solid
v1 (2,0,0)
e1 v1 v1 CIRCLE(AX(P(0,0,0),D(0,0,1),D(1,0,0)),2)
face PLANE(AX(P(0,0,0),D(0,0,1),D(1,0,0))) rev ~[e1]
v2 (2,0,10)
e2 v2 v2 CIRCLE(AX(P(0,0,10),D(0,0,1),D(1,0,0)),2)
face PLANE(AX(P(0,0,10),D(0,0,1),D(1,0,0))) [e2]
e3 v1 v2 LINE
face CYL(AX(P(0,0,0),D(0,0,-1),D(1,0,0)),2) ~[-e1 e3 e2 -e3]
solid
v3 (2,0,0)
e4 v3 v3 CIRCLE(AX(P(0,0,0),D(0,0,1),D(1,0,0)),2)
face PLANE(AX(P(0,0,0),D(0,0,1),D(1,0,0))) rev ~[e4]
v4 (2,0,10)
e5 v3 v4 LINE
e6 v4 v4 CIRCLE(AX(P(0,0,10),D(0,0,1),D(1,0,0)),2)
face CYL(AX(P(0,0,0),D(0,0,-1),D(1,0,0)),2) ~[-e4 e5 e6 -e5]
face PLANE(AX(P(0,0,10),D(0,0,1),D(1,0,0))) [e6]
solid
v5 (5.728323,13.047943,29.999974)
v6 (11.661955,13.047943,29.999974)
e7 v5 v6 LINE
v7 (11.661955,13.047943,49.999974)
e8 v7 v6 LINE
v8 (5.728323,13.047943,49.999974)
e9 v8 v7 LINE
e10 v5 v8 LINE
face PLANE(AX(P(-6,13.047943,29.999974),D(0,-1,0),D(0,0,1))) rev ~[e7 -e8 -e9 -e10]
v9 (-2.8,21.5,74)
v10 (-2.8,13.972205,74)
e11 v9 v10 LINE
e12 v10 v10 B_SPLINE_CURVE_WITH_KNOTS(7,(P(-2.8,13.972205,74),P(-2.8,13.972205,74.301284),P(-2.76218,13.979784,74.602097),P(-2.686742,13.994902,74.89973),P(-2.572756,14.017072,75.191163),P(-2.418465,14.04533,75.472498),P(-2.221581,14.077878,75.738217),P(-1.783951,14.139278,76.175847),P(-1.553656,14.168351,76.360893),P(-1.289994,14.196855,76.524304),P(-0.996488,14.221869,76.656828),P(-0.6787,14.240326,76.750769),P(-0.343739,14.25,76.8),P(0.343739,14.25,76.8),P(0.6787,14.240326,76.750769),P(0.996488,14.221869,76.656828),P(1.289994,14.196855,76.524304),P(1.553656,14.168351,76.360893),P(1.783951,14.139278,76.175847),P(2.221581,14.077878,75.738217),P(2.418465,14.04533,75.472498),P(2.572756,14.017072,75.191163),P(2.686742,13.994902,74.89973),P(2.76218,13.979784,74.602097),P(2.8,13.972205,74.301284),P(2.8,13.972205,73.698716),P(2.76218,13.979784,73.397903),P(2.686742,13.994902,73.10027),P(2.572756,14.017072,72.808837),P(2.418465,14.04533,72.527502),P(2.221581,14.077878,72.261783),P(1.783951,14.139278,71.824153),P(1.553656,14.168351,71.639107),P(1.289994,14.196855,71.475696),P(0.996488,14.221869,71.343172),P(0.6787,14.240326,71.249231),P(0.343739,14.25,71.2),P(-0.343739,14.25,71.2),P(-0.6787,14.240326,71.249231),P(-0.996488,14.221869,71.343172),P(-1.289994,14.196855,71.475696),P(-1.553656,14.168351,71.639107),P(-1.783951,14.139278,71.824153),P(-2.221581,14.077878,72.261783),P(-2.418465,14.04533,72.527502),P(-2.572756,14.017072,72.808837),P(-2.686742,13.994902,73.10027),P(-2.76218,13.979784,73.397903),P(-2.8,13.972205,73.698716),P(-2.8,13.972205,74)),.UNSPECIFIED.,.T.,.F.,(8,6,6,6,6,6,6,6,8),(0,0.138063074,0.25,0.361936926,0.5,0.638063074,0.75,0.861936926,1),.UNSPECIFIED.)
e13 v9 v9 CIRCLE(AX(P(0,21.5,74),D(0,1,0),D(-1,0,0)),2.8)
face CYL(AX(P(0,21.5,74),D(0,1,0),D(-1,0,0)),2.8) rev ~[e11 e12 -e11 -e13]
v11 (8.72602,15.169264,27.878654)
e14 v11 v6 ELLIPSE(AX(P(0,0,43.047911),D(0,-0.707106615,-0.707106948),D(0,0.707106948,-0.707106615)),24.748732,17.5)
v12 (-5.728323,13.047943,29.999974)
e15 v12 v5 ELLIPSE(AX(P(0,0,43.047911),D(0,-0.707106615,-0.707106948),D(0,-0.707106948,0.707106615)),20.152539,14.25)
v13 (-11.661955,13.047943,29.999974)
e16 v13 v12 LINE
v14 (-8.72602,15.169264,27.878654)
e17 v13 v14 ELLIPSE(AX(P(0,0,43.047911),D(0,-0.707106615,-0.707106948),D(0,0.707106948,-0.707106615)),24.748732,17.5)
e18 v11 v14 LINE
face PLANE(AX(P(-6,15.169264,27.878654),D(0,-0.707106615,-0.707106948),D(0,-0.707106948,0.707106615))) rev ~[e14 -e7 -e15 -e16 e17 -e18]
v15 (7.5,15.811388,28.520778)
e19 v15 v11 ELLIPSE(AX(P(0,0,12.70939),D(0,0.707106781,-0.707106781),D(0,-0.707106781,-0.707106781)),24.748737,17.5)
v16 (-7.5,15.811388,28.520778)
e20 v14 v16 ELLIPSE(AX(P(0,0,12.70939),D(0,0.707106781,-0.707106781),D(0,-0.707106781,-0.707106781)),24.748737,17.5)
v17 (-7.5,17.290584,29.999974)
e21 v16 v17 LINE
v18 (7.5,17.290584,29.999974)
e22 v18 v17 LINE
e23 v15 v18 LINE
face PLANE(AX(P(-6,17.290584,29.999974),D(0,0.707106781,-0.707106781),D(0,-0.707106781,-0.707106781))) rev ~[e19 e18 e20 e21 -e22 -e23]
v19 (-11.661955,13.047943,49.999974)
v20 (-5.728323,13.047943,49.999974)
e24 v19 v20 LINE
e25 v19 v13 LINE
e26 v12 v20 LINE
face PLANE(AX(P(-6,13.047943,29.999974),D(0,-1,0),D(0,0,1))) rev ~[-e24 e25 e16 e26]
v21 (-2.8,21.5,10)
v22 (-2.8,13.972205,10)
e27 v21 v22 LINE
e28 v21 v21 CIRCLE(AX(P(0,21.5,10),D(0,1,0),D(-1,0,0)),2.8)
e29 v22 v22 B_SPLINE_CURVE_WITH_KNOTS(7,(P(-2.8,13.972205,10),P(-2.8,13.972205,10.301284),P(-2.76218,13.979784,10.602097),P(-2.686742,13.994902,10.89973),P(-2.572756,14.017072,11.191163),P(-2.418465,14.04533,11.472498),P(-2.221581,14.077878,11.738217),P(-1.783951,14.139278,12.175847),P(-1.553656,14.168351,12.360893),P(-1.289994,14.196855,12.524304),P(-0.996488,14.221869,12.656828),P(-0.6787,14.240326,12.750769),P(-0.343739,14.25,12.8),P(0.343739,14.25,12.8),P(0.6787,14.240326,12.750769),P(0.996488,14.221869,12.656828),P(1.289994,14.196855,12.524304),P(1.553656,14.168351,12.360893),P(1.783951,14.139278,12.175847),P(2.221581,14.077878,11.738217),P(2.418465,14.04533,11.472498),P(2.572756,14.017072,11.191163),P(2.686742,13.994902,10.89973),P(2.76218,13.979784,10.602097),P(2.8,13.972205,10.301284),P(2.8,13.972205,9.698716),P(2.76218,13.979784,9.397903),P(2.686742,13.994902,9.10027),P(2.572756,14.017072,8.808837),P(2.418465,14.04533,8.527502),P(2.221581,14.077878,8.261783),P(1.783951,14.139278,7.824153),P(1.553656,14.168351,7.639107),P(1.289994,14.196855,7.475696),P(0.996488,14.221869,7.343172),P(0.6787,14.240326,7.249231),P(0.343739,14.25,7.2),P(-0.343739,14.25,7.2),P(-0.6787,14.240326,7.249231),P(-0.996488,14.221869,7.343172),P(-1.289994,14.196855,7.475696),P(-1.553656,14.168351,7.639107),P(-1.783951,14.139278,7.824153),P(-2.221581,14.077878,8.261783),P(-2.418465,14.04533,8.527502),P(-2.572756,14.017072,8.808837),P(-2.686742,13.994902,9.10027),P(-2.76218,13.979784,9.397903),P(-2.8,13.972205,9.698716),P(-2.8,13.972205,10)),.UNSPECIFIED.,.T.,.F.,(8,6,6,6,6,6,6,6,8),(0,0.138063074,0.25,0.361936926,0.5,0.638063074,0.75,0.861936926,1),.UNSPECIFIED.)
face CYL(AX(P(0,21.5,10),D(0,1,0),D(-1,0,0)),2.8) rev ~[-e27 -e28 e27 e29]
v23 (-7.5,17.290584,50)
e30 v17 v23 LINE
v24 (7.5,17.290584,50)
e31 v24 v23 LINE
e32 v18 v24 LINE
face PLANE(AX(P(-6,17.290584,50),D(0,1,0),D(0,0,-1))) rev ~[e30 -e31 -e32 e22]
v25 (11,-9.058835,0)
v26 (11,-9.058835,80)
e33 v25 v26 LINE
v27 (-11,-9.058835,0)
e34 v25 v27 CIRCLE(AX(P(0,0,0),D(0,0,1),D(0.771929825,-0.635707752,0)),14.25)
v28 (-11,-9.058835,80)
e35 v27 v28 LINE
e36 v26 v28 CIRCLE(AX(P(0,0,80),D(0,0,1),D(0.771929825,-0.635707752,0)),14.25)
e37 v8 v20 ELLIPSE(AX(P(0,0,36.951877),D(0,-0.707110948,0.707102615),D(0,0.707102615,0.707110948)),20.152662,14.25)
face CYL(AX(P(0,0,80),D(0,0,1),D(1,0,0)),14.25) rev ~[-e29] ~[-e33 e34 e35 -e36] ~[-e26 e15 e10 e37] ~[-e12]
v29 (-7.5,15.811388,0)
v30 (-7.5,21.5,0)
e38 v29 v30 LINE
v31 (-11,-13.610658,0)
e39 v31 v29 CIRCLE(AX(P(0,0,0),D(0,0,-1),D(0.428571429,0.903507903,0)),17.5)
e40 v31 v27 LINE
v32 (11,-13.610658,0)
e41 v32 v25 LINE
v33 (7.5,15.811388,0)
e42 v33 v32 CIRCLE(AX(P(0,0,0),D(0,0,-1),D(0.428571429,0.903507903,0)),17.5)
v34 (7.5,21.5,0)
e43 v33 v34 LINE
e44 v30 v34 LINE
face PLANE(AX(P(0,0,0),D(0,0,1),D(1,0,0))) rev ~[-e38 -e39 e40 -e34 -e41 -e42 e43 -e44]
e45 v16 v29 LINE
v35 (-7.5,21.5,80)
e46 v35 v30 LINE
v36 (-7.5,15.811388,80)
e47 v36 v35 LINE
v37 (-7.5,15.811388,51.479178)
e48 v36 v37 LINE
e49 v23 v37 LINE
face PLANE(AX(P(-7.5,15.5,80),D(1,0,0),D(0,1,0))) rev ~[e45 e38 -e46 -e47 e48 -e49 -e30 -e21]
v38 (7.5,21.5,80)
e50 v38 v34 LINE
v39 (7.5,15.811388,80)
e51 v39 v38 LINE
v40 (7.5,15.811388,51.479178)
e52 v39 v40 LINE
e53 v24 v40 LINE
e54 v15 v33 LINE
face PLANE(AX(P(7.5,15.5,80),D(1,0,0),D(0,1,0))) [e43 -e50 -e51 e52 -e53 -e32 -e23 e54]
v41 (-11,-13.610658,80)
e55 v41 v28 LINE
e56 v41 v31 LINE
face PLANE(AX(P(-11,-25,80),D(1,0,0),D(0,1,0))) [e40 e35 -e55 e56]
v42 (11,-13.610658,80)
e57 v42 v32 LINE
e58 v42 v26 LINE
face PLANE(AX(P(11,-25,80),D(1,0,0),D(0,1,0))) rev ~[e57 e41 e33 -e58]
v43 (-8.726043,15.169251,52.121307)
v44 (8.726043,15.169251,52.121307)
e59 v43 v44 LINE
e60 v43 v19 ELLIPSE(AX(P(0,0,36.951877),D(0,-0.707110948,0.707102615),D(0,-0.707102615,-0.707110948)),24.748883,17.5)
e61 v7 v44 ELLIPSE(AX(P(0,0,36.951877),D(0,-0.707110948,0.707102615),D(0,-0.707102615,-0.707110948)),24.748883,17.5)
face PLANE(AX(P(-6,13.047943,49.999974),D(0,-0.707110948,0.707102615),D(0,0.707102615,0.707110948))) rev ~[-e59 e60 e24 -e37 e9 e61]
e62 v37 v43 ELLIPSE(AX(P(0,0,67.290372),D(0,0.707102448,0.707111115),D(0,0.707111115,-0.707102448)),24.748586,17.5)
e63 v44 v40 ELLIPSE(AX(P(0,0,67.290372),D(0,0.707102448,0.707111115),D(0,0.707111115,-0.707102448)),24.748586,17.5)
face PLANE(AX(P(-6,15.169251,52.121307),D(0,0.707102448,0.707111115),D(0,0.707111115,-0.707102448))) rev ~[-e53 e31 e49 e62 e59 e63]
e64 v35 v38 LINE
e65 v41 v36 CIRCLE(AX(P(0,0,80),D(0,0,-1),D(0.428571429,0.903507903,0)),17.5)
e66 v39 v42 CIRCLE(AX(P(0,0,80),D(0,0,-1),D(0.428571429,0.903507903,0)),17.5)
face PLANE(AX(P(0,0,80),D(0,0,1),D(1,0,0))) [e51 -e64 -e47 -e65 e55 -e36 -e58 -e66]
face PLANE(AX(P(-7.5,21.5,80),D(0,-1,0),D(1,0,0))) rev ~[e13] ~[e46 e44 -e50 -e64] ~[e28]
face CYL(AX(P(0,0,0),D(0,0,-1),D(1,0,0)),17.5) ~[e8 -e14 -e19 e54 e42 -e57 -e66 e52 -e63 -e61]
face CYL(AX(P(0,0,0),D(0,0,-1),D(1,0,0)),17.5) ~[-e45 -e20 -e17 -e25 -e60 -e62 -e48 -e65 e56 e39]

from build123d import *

# Parameters (mm, degrees)
SKETCH_R          = 17.5
PAD_DEPTH         = 80
SKETCH001_R       = 14.25
POCKET_DEPTH      = 80.001
SKETCH002_W       = 15
SKETCH002_H       = 6
PAD001_DEPTH      = 80
SKETCH003_W       = 22
SKETCH003_H       = 25
POCKET001_DEPTH   = 80.001
SKETCH004_R       = 2.8
POCKET002_DEPTH   = 35.111658
POCKET003_DEPTH   = 25
CYLINDER_R        = 2
CYLINDER_DEPTH    = 10
CYLINDER001_R     = 2
CYLINDER001_DEPTH = 10


with BuildPart() as pocket003:
    # Sketch → Pad (new body)
    with BuildSketch(Plane.XY):
        Circle(SKETCH_R)
    extrude(amount=PAD_DEPTH)

    # Sketch001 → Pocket (cut, through all)
    with BuildSketch(Plane.XY.offset(80)):
        Circle(SKETCH001_R)
    extrude(amount=-POCKET_DEPTH, mode=Mode.SUBTRACT)

    # Sketch002 → Pad001 (new body)
    with BuildSketch(Plane.XY.offset(80)):
        with Locations((0, 18.5)):
            Rectangle(SKETCH002_W, SKETCH002_H)
    extrude(amount=-PAD001_DEPTH)

    # Sketch003 → Pocket001 (cut, through all)
    with BuildSketch(Plane.XY.offset(80)):
        with Locations((0, -12.5)):
            Rectangle(SKETCH003_W, SKETCH003_H)
    extrude(amount=-POCKET001_DEPTH, mode=Mode.SUBTRACT)

    # Sketch004 → Pocket002 (cut, through all)
    with BuildSketch(Plane(origin=(0, 21.5, 0), x_dir=(-1, 0, 0), z_dir=(0, 1, 0))):
        with Locations((0, 74)):
            Circle(SKETCH004_R)
        with Locations((0, 10)):
            Circle(SKETCH004_R)
    extrude(amount=-POCKET002_DEPTH, mode=Mode.SUBTRACT)

    # Sketch005 → Pocket003 (cut, symmetric)
    with BuildSketch(Plane(origin=(-6, 0, 0), x_dir=(0, -1, 0), z_dir=(-1, 0, 0))):
        Polygon((-15.169251, 52.121307), (-17.290584, 50), (-17.290584, 29.999974), (-15.169264, 27.878654), (-13.047943, 29.999974), (-13.047943, 49.999974), align=None)
    extrude(amount=POCKET003_DEPTH, both=True, mode=Mode.SUBTRACT)


with BuildPart() as cylinder:
    # Cylinder → Cylinder (new body)
    with BuildSketch(Plane.XY):
        Circle(CYLINDER_R)
    extrude(amount=CYLINDER_DEPTH)


with BuildPart() as cylinder001:
    # Cylinder001 → Cylinder001 (new body)
    with BuildSketch(Plane.XY):
        Circle(CYLINDER001_R)
    extrude(amount=CYLINDER001_DEPTH)


solid = Compound([pocket003.part, cylinder.part, cylinder001.part])
